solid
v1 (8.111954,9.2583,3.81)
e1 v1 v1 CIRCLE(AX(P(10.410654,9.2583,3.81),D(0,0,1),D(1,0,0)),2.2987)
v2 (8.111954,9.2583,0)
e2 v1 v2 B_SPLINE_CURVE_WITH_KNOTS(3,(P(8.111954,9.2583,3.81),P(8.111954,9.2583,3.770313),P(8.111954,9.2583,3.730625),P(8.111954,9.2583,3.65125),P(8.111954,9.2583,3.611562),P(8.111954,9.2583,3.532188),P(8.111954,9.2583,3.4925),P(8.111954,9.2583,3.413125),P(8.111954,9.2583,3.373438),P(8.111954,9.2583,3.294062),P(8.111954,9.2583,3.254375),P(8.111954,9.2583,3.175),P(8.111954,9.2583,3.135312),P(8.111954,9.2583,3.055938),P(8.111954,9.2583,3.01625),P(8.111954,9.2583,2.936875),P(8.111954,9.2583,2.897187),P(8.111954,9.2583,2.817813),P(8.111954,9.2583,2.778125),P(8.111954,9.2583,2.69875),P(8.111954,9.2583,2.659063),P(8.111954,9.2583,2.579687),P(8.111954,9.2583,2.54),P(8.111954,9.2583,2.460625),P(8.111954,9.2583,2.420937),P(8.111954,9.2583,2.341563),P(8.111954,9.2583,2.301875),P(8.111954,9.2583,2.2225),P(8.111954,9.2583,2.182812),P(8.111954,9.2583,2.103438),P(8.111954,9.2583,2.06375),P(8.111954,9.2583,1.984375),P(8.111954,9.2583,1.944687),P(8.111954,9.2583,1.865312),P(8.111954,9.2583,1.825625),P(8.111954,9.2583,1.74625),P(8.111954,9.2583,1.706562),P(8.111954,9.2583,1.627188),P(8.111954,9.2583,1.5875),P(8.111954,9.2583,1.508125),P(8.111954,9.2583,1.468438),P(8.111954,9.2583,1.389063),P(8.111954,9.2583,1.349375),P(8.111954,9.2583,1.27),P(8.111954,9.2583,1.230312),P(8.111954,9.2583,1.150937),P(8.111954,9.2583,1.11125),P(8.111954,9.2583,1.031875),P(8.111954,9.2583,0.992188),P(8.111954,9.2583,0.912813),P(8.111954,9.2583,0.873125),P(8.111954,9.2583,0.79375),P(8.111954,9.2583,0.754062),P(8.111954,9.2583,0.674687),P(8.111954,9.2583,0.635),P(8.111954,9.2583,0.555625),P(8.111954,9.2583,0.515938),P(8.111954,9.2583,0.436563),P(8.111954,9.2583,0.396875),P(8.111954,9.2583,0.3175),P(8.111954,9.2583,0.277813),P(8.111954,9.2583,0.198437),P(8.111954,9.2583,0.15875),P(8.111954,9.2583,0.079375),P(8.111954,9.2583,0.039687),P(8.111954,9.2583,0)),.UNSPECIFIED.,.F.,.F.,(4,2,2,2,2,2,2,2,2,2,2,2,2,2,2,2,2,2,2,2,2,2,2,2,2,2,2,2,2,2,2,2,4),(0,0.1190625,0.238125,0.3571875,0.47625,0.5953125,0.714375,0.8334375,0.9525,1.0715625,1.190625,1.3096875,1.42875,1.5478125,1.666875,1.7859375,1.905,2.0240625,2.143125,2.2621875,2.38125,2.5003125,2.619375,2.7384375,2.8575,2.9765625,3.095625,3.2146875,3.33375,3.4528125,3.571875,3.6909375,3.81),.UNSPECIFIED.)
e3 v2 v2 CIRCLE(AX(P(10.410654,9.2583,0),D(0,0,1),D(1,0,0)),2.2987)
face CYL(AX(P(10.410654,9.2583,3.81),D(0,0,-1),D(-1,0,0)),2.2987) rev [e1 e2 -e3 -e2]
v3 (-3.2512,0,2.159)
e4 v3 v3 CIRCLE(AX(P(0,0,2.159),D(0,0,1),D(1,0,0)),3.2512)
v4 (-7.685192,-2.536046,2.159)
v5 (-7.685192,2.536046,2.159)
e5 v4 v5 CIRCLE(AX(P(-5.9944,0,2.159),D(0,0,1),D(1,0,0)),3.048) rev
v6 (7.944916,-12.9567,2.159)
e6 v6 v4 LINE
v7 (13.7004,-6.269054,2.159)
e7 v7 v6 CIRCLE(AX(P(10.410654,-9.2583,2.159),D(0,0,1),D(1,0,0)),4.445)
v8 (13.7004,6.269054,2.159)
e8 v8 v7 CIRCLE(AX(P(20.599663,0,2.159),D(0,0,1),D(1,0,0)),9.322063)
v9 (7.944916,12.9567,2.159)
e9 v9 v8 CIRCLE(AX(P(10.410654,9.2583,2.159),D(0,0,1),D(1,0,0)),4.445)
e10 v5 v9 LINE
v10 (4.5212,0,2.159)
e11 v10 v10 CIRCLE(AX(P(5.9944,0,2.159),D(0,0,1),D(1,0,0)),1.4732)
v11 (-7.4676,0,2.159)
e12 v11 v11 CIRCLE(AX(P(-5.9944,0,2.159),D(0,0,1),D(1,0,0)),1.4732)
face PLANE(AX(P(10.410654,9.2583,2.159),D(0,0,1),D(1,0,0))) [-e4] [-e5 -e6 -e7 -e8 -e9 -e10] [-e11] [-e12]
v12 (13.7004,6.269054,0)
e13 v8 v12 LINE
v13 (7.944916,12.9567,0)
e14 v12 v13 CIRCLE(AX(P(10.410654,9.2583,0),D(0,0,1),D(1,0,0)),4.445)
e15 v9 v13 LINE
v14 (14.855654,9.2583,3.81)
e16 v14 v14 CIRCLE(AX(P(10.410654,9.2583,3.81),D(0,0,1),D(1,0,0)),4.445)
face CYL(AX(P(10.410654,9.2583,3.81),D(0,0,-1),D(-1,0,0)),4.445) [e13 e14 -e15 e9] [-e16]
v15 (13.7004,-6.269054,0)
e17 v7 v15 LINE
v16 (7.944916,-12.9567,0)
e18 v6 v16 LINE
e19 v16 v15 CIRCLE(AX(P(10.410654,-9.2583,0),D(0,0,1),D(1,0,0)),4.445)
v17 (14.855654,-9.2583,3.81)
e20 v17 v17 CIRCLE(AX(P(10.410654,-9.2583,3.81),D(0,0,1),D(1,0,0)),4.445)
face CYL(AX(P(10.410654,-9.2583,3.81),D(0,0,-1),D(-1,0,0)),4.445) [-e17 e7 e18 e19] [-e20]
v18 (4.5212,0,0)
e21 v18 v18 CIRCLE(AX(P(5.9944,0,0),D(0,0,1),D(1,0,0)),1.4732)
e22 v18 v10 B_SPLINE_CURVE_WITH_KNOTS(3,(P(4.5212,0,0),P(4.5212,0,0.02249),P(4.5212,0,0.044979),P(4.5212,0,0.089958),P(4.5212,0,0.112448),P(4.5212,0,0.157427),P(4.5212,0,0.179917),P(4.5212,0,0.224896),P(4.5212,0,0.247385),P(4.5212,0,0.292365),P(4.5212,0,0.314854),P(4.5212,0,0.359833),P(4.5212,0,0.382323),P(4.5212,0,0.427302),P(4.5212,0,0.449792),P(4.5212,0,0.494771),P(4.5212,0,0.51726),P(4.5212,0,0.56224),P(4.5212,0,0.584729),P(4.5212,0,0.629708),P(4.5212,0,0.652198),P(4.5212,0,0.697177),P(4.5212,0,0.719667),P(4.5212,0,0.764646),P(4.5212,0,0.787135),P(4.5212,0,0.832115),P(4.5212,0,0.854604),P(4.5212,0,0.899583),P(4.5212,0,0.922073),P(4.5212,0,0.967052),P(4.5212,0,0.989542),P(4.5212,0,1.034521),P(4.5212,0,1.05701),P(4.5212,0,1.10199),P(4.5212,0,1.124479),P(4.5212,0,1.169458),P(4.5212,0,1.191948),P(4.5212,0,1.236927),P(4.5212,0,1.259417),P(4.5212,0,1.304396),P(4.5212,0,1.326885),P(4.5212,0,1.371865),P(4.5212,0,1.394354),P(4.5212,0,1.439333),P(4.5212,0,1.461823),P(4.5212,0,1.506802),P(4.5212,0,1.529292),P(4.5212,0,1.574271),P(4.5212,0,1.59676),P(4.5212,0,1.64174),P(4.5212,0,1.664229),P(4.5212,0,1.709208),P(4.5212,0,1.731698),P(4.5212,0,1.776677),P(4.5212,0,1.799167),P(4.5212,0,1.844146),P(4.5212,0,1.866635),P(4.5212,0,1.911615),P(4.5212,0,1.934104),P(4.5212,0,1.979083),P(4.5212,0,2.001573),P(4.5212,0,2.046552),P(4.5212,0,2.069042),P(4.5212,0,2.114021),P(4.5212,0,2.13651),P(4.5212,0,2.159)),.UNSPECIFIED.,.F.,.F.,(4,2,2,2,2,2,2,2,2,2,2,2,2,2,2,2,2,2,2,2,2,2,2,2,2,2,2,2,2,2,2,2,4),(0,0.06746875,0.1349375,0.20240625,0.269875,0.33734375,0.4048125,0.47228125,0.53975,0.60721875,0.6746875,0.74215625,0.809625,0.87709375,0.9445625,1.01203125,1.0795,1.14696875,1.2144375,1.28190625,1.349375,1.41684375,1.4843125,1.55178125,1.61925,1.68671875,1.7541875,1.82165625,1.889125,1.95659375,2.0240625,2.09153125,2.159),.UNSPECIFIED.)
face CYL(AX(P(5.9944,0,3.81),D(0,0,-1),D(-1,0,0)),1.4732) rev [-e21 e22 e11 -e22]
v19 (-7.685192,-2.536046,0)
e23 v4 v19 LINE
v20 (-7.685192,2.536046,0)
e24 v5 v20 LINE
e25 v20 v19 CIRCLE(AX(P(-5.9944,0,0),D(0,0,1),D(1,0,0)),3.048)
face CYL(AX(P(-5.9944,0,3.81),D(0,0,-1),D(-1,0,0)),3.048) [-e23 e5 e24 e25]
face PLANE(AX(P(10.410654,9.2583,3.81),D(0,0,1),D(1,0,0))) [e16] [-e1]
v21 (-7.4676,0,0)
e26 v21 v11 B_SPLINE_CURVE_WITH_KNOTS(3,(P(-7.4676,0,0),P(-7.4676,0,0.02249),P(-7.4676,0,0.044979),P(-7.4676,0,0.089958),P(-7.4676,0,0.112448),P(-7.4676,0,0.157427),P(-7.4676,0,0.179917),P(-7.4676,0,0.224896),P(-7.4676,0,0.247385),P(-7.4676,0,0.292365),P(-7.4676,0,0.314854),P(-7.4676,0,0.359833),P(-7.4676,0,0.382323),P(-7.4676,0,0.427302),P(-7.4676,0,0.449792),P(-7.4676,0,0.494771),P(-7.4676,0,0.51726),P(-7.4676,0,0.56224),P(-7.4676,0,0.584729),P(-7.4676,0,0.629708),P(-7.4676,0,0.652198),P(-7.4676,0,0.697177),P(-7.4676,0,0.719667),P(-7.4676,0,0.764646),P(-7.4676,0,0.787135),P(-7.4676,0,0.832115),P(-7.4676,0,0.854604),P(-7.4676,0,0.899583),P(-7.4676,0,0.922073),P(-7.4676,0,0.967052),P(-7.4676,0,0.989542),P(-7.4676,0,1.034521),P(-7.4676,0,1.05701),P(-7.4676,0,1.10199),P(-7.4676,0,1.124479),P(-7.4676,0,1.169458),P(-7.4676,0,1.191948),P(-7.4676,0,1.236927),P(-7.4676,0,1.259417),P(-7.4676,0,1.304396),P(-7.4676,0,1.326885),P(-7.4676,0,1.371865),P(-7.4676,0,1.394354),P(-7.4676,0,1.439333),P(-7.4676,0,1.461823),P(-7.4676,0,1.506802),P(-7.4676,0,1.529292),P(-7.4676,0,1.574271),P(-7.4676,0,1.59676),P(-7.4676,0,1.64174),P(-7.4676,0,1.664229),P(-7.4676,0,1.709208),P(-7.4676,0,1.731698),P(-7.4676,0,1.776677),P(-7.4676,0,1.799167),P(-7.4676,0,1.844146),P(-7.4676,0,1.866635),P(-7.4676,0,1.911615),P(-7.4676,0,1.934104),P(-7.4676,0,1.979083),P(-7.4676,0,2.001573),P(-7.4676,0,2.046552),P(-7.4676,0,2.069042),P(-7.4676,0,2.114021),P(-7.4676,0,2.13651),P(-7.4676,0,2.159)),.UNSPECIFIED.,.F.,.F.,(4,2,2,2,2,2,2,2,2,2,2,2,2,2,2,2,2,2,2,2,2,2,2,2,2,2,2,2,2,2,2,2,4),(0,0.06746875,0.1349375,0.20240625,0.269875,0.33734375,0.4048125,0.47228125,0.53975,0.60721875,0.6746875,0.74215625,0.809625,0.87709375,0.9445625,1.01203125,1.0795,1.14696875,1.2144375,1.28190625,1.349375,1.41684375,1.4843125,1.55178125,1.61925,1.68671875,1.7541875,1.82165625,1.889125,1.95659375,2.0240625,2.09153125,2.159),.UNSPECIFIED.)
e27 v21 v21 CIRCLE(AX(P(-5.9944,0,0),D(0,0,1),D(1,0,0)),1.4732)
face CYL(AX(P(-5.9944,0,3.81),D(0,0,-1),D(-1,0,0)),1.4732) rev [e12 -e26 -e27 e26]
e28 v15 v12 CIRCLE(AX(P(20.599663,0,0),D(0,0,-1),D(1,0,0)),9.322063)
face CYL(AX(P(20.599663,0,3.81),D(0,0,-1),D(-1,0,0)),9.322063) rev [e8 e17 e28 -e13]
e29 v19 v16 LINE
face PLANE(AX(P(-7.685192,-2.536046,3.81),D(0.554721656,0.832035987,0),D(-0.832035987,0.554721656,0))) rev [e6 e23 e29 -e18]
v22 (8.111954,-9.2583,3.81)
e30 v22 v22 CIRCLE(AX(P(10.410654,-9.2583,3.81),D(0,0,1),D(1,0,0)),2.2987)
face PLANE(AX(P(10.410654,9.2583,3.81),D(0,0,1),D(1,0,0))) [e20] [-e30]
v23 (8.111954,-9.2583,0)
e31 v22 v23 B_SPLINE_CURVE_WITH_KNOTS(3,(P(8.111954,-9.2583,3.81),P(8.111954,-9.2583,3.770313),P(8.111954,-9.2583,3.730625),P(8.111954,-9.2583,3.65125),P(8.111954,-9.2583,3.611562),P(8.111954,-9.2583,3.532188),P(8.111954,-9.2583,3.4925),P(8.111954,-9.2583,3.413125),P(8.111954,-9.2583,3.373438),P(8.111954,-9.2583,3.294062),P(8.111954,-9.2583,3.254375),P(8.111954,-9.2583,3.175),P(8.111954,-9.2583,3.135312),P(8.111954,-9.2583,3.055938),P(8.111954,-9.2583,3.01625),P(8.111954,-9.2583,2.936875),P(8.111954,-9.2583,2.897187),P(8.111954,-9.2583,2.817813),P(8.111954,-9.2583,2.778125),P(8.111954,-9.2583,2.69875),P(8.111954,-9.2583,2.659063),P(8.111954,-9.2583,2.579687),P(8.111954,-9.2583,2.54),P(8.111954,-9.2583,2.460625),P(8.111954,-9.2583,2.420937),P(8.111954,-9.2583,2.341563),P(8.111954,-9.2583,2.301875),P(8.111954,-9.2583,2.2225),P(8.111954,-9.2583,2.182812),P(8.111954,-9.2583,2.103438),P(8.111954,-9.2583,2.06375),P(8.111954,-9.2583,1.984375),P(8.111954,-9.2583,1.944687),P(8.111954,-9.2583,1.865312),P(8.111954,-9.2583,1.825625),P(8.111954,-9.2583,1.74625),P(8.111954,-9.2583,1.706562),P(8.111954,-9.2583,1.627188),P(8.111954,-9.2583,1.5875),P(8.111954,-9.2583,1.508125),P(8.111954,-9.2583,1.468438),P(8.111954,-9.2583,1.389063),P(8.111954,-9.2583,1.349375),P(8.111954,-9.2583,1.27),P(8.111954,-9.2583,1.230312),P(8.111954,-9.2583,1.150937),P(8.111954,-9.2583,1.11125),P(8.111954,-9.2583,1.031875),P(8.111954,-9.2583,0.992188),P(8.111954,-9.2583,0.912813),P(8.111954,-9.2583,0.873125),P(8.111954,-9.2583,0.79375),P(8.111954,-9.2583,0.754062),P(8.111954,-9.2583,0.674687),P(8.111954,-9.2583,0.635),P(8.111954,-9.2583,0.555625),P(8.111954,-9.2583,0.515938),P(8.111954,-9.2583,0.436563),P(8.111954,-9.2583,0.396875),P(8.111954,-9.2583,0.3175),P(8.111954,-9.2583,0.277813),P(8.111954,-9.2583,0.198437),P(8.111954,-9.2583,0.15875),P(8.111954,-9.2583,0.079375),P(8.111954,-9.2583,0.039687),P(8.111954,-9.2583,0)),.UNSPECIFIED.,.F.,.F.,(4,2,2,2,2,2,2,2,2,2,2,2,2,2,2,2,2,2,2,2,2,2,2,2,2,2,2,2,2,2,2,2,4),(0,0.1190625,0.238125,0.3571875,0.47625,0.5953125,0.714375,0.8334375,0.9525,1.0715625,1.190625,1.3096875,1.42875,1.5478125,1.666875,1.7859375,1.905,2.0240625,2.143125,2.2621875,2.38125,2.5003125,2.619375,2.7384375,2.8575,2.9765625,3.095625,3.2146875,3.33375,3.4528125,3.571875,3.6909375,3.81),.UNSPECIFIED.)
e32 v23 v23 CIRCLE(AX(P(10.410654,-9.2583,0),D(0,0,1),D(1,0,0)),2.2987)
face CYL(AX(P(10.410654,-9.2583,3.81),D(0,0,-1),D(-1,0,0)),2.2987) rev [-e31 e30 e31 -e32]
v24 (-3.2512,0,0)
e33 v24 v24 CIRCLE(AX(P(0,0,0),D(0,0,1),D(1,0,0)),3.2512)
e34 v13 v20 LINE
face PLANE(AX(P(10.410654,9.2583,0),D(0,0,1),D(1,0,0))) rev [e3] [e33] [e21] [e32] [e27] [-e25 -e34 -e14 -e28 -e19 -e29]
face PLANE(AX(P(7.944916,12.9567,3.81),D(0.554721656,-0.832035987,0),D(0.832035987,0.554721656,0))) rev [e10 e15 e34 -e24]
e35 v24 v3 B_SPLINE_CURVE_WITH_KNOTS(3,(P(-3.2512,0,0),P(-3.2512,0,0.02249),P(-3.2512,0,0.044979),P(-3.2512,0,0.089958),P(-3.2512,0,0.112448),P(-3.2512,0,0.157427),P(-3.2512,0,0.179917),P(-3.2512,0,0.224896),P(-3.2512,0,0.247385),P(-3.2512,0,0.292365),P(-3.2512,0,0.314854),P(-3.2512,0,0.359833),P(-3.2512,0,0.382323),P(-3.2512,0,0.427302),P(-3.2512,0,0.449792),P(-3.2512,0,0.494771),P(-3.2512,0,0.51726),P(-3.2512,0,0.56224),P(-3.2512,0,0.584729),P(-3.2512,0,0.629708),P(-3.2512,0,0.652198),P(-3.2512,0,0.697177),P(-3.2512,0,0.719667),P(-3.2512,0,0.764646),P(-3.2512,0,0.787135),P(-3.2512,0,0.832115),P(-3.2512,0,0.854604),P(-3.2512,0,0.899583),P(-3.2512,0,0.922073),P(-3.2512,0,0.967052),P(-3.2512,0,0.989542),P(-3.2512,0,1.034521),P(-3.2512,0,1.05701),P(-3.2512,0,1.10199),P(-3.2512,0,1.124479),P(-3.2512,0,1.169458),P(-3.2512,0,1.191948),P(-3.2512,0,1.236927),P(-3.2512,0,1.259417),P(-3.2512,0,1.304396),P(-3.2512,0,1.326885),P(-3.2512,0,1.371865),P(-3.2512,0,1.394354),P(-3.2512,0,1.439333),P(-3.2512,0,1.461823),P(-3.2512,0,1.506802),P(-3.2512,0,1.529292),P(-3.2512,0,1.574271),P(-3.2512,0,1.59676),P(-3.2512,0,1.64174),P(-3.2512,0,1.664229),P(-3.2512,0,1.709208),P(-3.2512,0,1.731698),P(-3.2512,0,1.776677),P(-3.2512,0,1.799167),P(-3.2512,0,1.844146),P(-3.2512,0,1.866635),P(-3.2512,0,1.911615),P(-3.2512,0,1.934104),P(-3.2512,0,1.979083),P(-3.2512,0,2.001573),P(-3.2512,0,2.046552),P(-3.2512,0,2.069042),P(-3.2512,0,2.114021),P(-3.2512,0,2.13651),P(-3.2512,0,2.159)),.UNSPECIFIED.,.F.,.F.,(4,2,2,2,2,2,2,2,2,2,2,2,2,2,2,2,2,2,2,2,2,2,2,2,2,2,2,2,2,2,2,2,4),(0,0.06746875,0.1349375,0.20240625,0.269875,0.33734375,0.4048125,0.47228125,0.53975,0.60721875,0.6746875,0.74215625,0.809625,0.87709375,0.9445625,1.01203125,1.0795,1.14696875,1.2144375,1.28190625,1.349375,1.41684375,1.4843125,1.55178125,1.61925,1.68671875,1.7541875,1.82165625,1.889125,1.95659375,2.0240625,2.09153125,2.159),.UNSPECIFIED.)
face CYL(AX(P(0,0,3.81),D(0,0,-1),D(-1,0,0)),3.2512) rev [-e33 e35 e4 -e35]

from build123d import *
from build123d.topology import SkipClean

# Parameters (mm, degrees)
SKETCH1_R           = 3.2512
SKETCH1_R_2         = 1.4732
SKETCH1_R_3         = 2.2987
BOSS_EXTRUDE1_DEPTH = 3.81
CUT_EXTRUDE2_START  = -1.651
CUT_EXTRUDE2_DEPTH  = 1.651


with BuildPart() as part:
    # Sketch1 → Boss-Extrude1 (new body)
    with BuildSketch(Plane.XY):
        with BuildLine():
            Line((7.944916334, 12.956699963), (-7.685191608, 2.536045689))
            ThreePointArc((-7.685191608, 2.536045689), (-9.0424, 0), (-7.685191608, -2.536045689))
            Line((-7.685191608, -2.536045689), (7.944916334, -12.956699963))
            ThreePointArc((7.944916334, -12.956699963), (13.779763951, -12.157804059), (13.70040037, -6.26905353))
            ThreePointArc((13.70040037, -6.26905353), (11.2776, 0), (13.70040037, 6.26905353))
            ThreePointArc((13.70040037, 6.26905353), (13.779763951, 12.157804059), (7.944916334, 12.956699963))
        make_face()
        with Locations(Location((0, 0, 0), (0, 0, 180))):
            Circle(SKETCH1_R, mode=Mode.SUBTRACT)
        with Locations(Location((-5.9944, 0, 0), (0, 0, 180))):
            Circle(SKETCH1_R_2, mode=Mode.SUBTRACT)
        with Locations(Location((5.9944, 0, 0), (0, 0, 180))):
            Circle(SKETCH1_R_2, mode=Mode.SUBTRACT)
        with Locations(Location((10.410654097, 9.2583, 0), (0, 0, 180))):
            Circle(SKETCH1_R_3, mode=Mode.SUBTRACT)
        with Locations(Location((10.410654097, -9.2583, 0), (0, 0, 180))):
            Circle(SKETCH1_R_3, mode=Mode.SUBTRACT)
    extrude(amount=BOSS_EXTRUDE1_DEPTH)

    # Sketch2 → Cut-Extrude2 (cut)
    with SkipClean():  # the faces are left unmerged after this step: merging them gives an invalid solid
        with BuildSketch(Plane.XY.offset(3.81).offset(CUT_EXTRUDE2_START)):
            with BuildLine():
                Line((7.944916334, 12.956699963), (-7.685191608, 2.536045689))
                ThreePointArc((-7.685191608, 2.536045689), (-9.0424, 0), (-7.685191608, -2.536045689))
                Line((-7.685191608, -2.536045689), (7.944916334, -12.956699963))
                ThreePointArc((7.944916334, -12.956699963), (7.041544243, -6.358795941), (13.70040037, -6.26905353))
                ThreePointArc((13.70040037, -6.26905353), (11.2776, 0), (13.70040037, 6.26905353))
                ThreePointArc((13.70040037, 6.26905353), (7.041544243, 6.358795941), (7.944916334, 12.956699963))
            make_face()
        extrude(amount=CUT_EXTRUDE2_DEPTH, mode=Mode.SUBTRACT)


solid = part.part
